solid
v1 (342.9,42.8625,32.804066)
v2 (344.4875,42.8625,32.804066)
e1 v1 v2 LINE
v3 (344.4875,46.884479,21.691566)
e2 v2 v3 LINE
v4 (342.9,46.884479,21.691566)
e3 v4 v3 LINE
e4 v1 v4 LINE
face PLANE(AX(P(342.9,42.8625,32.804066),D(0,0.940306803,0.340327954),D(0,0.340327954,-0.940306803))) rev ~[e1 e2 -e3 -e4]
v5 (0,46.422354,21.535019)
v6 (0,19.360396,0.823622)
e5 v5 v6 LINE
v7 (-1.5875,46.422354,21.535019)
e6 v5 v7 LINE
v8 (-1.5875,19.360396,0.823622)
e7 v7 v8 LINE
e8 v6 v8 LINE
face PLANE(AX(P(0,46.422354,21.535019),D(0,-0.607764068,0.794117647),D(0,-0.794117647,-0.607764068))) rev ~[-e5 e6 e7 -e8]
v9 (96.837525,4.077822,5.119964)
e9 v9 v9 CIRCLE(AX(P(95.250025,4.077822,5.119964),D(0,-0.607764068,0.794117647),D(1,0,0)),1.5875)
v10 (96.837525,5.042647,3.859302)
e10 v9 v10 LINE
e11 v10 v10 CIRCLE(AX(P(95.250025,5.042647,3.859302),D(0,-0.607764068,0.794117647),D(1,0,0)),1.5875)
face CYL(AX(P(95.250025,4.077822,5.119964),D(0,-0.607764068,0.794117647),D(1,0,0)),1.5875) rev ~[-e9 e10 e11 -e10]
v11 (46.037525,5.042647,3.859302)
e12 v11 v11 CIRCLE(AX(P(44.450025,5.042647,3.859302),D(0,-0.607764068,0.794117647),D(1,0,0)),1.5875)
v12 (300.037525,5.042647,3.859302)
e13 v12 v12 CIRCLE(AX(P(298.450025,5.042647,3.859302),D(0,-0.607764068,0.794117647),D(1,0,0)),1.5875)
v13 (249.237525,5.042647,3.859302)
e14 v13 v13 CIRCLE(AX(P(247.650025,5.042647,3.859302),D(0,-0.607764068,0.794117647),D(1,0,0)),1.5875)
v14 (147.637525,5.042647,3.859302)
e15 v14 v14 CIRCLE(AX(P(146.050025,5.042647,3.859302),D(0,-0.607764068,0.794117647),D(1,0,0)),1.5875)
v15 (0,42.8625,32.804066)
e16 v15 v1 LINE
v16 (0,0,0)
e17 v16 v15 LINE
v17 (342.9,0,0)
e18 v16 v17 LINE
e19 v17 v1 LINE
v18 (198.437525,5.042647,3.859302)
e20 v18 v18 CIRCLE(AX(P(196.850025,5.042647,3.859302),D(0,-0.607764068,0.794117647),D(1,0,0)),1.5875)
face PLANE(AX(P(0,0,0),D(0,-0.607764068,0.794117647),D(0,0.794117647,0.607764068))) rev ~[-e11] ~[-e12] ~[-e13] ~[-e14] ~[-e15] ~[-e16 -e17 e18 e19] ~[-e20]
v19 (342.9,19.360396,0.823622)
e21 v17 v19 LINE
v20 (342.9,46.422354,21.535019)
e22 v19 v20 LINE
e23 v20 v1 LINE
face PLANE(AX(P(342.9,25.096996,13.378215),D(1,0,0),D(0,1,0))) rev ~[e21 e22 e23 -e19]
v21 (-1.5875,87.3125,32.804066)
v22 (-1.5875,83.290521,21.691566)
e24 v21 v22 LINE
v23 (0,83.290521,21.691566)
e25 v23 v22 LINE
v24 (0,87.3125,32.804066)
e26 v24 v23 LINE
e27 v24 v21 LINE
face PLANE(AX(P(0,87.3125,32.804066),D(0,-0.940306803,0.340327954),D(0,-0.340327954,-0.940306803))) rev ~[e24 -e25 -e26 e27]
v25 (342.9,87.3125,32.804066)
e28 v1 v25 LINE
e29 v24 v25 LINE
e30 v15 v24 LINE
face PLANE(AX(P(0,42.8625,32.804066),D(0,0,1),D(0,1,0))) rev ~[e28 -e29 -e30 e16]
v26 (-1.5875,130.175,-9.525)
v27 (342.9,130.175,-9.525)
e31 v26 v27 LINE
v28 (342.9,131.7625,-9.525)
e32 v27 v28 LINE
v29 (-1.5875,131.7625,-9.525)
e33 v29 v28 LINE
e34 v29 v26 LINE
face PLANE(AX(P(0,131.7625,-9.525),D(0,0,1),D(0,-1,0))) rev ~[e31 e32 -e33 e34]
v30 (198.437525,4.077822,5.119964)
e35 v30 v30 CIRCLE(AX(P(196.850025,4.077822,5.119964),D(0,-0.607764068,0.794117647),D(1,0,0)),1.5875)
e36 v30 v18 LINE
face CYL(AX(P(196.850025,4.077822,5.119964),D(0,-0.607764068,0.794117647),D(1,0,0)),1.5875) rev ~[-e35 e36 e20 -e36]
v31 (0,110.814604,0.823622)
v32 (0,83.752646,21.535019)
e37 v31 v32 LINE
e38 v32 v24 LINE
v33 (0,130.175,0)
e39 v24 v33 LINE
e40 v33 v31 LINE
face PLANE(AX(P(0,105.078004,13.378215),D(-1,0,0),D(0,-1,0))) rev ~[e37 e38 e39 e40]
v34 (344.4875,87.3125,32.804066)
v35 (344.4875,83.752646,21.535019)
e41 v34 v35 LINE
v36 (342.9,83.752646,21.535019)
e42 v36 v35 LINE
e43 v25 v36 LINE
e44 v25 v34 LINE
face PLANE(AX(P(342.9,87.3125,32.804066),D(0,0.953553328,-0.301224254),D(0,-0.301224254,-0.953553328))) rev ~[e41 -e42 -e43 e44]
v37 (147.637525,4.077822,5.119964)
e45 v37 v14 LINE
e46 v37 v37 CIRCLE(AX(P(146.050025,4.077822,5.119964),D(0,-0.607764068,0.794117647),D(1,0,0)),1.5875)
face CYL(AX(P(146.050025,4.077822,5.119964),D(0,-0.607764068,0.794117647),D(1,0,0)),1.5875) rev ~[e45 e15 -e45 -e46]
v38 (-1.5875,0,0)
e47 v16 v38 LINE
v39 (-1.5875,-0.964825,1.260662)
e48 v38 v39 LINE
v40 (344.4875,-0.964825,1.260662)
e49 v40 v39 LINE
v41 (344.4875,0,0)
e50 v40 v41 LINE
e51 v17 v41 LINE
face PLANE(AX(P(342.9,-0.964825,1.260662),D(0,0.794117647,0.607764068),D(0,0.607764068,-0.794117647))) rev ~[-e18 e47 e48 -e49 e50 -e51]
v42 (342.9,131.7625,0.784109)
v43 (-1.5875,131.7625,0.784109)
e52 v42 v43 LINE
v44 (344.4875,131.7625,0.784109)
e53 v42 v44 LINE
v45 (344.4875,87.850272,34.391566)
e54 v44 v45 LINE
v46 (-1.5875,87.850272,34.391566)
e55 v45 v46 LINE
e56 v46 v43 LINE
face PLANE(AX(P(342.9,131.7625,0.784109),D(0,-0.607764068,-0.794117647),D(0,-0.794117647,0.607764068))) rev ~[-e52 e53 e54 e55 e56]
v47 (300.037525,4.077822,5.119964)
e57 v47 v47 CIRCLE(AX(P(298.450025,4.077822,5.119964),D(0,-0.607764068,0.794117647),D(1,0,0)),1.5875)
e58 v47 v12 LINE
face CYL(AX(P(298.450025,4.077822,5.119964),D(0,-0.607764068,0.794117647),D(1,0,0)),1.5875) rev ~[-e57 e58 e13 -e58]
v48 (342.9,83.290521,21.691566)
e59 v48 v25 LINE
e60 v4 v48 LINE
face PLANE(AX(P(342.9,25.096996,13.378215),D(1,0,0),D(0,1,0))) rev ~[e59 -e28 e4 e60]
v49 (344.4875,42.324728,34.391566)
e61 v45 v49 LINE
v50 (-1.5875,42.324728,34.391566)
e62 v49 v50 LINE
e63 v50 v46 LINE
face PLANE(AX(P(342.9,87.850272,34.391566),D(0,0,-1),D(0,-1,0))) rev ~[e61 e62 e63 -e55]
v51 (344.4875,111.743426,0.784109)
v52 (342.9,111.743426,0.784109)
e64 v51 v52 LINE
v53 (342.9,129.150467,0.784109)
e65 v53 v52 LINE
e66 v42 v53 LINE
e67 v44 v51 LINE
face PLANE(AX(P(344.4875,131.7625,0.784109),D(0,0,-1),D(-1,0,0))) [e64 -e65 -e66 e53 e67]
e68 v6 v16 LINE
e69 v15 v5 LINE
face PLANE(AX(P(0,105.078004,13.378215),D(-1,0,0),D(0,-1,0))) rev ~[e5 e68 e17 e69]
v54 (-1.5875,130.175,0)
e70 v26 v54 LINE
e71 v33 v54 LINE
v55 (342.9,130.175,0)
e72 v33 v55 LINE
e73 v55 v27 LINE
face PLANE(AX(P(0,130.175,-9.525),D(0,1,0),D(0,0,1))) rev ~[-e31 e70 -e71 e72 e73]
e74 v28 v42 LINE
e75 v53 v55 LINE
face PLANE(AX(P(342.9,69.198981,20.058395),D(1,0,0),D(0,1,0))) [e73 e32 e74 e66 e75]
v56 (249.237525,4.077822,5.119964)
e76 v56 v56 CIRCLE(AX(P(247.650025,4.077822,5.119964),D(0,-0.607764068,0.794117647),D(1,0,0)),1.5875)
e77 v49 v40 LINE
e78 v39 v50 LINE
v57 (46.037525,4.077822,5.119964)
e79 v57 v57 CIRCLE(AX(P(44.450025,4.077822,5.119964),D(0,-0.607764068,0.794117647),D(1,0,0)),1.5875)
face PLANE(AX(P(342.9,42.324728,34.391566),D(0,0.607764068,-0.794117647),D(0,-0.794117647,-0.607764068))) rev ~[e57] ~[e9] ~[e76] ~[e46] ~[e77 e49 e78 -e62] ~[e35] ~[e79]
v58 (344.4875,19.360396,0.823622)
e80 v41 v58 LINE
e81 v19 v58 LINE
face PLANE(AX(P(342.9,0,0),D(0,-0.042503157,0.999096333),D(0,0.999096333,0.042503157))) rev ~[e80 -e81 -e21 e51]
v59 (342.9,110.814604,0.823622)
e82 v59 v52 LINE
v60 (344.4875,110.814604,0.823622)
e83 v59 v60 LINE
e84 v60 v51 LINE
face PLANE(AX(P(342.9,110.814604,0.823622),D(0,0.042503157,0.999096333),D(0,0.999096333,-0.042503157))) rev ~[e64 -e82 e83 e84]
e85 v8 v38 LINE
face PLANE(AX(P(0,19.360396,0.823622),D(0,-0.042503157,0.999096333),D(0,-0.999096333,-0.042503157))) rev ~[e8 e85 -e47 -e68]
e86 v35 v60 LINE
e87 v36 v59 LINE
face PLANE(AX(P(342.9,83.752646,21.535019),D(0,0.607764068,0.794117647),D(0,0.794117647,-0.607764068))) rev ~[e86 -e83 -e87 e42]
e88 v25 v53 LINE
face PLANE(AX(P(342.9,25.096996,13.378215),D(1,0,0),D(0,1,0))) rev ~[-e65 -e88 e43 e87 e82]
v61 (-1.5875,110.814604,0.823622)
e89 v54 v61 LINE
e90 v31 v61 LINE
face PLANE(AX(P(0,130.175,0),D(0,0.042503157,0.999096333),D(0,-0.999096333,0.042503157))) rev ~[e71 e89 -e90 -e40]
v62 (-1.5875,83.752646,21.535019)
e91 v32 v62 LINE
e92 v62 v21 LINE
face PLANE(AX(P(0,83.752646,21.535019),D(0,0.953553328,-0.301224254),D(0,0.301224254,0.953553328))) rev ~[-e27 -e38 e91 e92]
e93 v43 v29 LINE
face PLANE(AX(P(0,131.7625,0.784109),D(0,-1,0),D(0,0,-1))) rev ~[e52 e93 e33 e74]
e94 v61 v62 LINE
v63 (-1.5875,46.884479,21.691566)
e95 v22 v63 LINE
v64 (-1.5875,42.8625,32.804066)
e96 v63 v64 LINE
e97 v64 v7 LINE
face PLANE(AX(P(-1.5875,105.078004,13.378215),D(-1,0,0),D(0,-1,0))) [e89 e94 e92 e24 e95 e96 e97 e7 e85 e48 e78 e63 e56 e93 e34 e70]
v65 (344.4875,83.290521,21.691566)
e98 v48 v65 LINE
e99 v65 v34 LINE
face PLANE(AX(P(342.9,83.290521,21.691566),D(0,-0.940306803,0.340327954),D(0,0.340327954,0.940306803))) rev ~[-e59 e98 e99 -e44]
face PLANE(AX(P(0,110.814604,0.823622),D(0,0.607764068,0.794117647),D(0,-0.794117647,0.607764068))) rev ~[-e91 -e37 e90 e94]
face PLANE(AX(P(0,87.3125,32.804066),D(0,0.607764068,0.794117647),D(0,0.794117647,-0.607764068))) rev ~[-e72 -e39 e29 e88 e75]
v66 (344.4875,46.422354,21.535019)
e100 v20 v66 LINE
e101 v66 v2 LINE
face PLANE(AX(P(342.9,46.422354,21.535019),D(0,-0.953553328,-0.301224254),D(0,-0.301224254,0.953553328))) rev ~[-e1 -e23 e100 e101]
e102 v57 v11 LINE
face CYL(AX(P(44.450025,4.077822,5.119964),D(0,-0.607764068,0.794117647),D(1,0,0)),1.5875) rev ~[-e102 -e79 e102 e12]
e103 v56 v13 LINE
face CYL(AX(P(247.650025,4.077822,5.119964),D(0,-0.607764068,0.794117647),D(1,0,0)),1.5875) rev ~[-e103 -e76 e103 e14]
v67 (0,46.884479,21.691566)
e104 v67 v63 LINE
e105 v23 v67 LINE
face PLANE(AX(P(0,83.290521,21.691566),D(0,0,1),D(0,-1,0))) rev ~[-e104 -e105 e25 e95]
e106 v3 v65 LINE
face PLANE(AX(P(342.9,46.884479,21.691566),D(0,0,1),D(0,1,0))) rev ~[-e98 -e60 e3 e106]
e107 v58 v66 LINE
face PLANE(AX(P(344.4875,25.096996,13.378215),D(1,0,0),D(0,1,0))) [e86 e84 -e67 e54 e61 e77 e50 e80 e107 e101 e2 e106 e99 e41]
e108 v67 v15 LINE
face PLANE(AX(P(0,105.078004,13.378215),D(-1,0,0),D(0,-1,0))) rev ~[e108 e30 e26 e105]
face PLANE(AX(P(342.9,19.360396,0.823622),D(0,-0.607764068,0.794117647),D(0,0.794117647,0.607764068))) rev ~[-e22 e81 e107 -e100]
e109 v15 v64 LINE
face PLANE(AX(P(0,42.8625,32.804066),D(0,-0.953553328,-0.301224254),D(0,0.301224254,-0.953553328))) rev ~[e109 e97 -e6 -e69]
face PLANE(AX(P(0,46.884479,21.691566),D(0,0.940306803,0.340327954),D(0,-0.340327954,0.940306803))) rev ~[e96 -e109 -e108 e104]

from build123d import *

# Parameters (mm, degrees)
F1_DEPTH  = 342.9
F3_DEPTH  = 1.5875
F4_W      = 1.5875
F4_H      = 10.3091086821
F5_DEPTH  = 25.4
F7_DEPTH  = 1.5875
F9_R      = 1.5875
F10_DEPTH = 1.5875


with BuildPart() as f1:
    # F0 (on Right) → F1 (new body)
    with BuildSketch(Plane.YZ):
        Polygon((-0.9648254583, 1.2606617647), (0, 0), (42.8625, 32.8040655826), (87.3125, 32.8040655826), (130.175, 0), (130.175, -9.525), (131.7625, -9.525), (131.7625, 0.7841086821), (87.8502715669, 34.3915655826), (42.3247284331, 34.3915655826), align=None)
    extrude(amount=F1_DEPTH)

    # F6 (on face) → F7 (join)
    with BuildSketch(Plane(origin=(0, 0, 0), x_dir=(0, -1, 0), z_dir=(-1, 0, 0))):
        Polygon((-130.175, 0), (-110.8146041448, 0.8236222302), (-83.7526464353, 21.5350188005), (-87.3125, 32.8040655826), align=None)
        Polygon((-42.8625, 32.8040655826), (-87.3125, 32.8040655826), (-83.2905208193, 21.6915655826), (-46.8844791807, 21.6915655826), align=None)
        Polygon((0, 0), (-42.8625, 32.8040655826), (-46.4223535647, 21.5350188005), (-19.3603958552, 0.8236222302), align=None)
        Polygon((-130.175, -9.525), (-130.175, 0), (-87.3125, 32.8040655826), (-42.8625, 32.8040655826), (0, 0), (0.9648254583, 1.2606617647), (-42.3247284331, 34.3915655826), (-87.8502715669, 34.3915655826), (-131.7625, 0.7841086821), (-131.7625, -9.525), align=None)
    extrude(amount=F7_DEPTH)


with BuildPart() as f3:
    # F2 (on face) → F3 (new body)
    with BuildSketch(Plane.YZ.offset(342.9)):
        Polygon((0, 0), (19.3603958552, 0.8236222302), (46.4223535647, 21.5350188005), (42.8625, 32.8040655826), align=None)
        Polygon((87.3125, 32.8040655826), (42.8625, 32.8040655826), (46.8844791807, 21.6915655826), (83.2905208193, 21.6915655826), align=None)
        Polygon((130.175, 0), (87.3125, 32.8040655826), (83.7526464353, 21.5350188005), (110.8146041448, 0.8236222302), align=None)
        Polygon((-0.9648254583, 1.2606617647), (0, 0), (42.8625, 32.8040655826), (87.3125, 32.8040655826), (130.175, 0), (130.175, -9.525), (131.7625, -9.525), (131.7625, 0.7841086821), (87.8502715669, 34.3915655826), (42.3247284331, 34.3915655826), align=None)
    extrude(amount=F3_DEPTH)

    # F4 (on face) → F5 (cut)
    with BuildSketch(Plane(origin=(0, 131.7625, 0), x_dir=(-1, 0, 0), z_dir=(0, 1, 0))):
        with Locations((-343.69375, -4.3704456589)):
            Rectangle(F4_W, F4_H)
    extrude(amount=-F5_DEPTH, mode=Mode.SUBTRACT)


with BuildPart() as f1_1:
    add(f1.part)

    # F8: union F3
    add(f3.part)

    # F9 (on face) → F10 (cut, through all)
    with BuildSketch(Plane(origin=(0, -0.9648254583, 1.2606617647), x_dir=(1, 0, 0), z_dir=(0, -0.6077640682, 0.7941176471))):
        with Locations((44.4500253916, 6.35)):
            Circle(F9_R)
        with Locations((95.2500253916, 6.35)):
            Circle(F9_R)
        with Locations((146.0500253916, 6.35)):
            Circle(F9_R)
        with Locations((196.8500253916, 6.35)):
            Circle(F9_R)
        with Locations((247.6500253916, 6.35)):
            Circle(F9_R)
        with Locations((298.4500253916, 6.35)):
            Circle(F9_R)
    extrude(amount=-F10_DEPTH, mode=Mode.SUBTRACT)


solid = f1_1.part
